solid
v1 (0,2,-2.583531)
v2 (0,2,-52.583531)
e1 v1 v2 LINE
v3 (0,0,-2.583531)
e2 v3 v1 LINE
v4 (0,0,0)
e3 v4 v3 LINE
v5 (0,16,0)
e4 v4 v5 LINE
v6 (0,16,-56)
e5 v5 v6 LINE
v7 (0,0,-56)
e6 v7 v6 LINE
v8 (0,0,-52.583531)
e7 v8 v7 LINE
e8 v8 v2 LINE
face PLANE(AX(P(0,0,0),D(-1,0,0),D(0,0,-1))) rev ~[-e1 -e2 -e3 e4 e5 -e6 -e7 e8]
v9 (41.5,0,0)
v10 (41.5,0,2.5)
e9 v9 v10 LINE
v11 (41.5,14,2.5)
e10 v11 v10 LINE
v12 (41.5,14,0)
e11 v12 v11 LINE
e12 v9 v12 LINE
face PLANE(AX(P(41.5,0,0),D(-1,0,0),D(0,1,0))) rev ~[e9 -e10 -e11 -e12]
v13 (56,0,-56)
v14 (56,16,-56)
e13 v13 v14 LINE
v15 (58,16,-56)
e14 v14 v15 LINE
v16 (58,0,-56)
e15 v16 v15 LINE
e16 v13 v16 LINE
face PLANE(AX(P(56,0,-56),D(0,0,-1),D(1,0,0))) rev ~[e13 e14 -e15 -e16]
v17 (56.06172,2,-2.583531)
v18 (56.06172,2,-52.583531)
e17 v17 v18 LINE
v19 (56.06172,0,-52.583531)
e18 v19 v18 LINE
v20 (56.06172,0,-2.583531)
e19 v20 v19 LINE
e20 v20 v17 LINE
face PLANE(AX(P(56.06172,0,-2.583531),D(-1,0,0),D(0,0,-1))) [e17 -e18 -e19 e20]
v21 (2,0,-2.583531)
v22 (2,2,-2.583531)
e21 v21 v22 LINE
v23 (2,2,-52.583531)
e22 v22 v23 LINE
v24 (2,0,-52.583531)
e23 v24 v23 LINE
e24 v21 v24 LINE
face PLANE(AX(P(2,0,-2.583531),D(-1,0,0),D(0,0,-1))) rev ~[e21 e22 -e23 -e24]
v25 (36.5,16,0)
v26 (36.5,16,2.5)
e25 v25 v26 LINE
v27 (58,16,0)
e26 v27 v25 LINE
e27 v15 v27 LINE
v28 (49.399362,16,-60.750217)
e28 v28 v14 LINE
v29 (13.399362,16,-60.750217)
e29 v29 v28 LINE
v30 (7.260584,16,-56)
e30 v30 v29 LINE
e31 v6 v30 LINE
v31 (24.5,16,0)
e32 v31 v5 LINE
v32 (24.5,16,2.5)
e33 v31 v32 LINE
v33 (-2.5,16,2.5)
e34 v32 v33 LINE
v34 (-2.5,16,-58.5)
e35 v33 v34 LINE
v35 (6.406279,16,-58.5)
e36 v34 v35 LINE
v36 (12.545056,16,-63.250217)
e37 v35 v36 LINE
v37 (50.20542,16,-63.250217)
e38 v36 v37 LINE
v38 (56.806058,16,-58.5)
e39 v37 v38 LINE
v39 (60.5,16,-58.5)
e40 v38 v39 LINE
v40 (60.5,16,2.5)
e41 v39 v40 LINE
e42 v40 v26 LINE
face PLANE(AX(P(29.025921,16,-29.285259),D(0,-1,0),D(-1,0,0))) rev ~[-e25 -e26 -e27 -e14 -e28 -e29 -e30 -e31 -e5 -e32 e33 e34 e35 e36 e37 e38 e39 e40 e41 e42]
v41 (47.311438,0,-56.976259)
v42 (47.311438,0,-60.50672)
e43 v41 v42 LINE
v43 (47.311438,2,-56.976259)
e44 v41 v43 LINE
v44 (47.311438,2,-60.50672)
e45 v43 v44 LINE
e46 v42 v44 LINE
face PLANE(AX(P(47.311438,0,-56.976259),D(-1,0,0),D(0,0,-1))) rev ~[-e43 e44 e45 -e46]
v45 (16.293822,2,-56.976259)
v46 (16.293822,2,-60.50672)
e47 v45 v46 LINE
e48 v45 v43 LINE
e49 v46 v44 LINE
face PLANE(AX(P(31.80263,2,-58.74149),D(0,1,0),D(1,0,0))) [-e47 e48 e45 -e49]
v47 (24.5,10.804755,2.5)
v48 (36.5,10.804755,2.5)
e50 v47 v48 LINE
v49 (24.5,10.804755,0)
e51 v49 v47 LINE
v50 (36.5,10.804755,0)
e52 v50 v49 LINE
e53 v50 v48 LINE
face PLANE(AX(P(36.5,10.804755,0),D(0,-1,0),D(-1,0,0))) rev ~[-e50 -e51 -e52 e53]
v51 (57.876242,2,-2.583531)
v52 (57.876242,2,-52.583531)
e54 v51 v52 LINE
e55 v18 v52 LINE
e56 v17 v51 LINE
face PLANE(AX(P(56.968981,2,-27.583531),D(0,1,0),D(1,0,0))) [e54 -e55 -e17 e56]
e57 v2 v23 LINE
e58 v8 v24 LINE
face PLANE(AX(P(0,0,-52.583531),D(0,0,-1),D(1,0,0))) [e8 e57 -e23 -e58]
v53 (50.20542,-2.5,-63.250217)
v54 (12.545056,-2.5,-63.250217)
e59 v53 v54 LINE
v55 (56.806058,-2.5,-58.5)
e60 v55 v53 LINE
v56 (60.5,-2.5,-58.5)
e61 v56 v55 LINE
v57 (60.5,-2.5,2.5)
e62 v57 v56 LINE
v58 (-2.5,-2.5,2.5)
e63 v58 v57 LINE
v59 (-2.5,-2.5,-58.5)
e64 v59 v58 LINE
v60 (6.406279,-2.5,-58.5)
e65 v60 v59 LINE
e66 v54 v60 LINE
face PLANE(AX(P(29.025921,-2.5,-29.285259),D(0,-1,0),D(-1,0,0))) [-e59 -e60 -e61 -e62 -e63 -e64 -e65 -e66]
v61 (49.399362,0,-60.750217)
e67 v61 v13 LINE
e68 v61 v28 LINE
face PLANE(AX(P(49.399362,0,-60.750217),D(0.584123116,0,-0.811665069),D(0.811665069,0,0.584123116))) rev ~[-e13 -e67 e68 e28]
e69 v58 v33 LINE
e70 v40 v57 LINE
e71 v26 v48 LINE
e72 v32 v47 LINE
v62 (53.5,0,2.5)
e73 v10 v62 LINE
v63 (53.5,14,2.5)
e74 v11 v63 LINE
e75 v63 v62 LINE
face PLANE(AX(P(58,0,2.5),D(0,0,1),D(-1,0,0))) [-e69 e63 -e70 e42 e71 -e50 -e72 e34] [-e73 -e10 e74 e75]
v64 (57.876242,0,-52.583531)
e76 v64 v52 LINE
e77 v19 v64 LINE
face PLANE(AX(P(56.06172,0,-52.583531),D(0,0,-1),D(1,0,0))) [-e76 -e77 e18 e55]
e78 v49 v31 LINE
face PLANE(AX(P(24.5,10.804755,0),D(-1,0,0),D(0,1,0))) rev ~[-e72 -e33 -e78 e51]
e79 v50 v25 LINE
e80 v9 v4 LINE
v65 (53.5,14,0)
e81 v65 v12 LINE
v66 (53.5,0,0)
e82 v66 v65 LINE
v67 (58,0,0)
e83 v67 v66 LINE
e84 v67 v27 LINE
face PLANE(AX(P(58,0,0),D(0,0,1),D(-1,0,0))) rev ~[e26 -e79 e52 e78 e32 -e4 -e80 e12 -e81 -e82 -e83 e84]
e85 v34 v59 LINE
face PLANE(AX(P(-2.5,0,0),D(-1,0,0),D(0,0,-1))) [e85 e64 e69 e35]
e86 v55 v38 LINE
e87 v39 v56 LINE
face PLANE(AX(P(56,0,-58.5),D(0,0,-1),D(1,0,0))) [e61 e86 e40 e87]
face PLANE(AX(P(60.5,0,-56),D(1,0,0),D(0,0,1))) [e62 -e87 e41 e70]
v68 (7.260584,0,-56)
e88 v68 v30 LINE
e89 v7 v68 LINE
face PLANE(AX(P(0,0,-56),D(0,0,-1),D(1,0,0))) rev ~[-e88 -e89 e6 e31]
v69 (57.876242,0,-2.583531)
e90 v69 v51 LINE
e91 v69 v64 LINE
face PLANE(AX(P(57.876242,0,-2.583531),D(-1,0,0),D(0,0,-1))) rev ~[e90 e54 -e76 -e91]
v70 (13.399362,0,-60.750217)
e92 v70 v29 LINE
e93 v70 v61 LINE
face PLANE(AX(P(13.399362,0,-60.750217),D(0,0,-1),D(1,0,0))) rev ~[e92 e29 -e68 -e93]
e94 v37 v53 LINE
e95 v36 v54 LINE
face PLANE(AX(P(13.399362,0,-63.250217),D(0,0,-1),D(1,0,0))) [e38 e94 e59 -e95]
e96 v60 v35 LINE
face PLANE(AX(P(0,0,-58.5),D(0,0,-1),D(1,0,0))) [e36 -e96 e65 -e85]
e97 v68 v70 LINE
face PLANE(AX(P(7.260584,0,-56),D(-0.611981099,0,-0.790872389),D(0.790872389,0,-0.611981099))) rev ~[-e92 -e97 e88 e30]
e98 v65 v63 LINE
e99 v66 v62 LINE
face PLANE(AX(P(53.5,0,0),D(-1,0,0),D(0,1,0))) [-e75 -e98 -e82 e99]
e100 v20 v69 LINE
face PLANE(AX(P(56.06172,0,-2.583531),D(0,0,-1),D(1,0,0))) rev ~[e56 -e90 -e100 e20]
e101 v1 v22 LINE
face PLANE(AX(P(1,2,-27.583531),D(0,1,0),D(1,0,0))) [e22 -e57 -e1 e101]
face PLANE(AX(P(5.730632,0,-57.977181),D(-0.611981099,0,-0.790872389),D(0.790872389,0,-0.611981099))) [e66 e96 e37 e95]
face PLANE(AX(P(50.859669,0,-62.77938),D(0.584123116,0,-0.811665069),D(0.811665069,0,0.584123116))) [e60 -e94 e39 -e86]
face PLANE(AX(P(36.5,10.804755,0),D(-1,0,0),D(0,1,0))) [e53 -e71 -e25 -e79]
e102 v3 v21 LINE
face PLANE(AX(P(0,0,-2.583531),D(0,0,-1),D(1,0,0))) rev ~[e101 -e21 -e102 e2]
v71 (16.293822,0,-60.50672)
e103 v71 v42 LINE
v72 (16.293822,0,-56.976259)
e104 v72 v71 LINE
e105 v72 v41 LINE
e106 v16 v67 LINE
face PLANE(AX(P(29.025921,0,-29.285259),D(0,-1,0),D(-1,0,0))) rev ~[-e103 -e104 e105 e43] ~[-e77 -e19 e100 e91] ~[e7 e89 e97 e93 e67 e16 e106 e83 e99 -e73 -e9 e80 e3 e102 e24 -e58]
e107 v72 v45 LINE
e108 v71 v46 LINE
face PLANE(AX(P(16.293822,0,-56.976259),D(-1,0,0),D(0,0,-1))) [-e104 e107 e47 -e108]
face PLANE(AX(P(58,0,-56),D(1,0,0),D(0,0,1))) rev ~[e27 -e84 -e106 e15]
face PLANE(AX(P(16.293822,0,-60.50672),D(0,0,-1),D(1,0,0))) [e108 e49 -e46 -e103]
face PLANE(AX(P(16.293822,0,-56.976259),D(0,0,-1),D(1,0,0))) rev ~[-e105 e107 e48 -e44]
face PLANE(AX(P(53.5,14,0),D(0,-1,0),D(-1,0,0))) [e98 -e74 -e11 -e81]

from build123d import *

# Parameters (mm, degrees)
BOSS_EXTRUDE1_DEPTH = 16
SHELL1_T            = 2.5
SKETCH2_W           = 12
SKETCH2_H           = 14
SKETCH2_H_2         = 5.195244662
CUT_EXTRUDE1_DEPTH  = 4
SKETCH3_W           = 2
SKETCH3_H           = 50
SKETCH3_W_2         = 1.814522713
BOSS_EXTRUDE2_DEPTH = 2
SKETCH4_W           = 31.017616101
SKETCH4_H           = 3.530460369
BOSS_EXTRUDE3_DEPTH = 2


with BuildPart() as part:
    # Sketch1 → Boss-Extrude1 (new body)
    with BuildSketch(Plane(origin=(0, 0, 0), x_dir=(1, 0, 0), z_dir=(0, 1, 0))):
        Polygon((0, 0), (0, 56), (7.260584432, 56), (13.399361706, 60.750217247), (49.399361706, 60.750217247), (56, 56), (58, 56), (58, 0), align=None)
    extrude(amount=BOSS_EXTRUDE1_DEPTH)

    # Shell1
    shell1_openings = [part.faces().sort_by_distance(p)[0] for p in [
        (29.147078279, 16, -29.765448683),
    ]]
    offset(amount=SHELL1_T, openings=shell1_openings, kind=Kind.INTERSECTION)

    # Sketch2 → Cut-Extrude1 (cut)
    with BuildSketch(Plane(origin=(0, 0, 0), x_dir=(-1, 0, 0), z_dir=(0, 0, -1))):
        with Locations((-47.5, 7)):
            Rectangle(SKETCH2_W, SKETCH2_H)
        with Locations((-30.5, 13.402377669)):
            Rectangle(SKETCH2_W, SKETCH2_H_2)
    extrude(amount=-CUT_EXTRUDE1_DEPTH, mode=Mode.SUBTRACT)

    # Sketch3 → Boss-Extrude2 (add)
    with BuildSketch(Plane(origin=(0, 0, 0), x_dir=(1, 0, 0), z_dir=(0, 1, 0))):
        with Locations((1, 27.58353092)):
            Rectangle(SKETCH3_W, SKETCH3_H)
        with Locations((56.968981121, 27.58353092)):
            Rectangle(SKETCH3_W_2, SKETCH3_H)
    extrude(amount=BOSS_EXTRUDE2_DEPTH)

    # Sketch4 → Boss-Extrude3 (add)
    with BuildSketch(Plane(origin=(0, 0, 0), x_dir=(1, 0, 0), z_dir=(0, 1, 0))):
        with Locations((31.80262956, 58.741489624)):
            Rectangle(SKETCH4_W, SKETCH4_H)
    extrude(amount=BOSS_EXTRUDE3_DEPTH)


solid = part.part
